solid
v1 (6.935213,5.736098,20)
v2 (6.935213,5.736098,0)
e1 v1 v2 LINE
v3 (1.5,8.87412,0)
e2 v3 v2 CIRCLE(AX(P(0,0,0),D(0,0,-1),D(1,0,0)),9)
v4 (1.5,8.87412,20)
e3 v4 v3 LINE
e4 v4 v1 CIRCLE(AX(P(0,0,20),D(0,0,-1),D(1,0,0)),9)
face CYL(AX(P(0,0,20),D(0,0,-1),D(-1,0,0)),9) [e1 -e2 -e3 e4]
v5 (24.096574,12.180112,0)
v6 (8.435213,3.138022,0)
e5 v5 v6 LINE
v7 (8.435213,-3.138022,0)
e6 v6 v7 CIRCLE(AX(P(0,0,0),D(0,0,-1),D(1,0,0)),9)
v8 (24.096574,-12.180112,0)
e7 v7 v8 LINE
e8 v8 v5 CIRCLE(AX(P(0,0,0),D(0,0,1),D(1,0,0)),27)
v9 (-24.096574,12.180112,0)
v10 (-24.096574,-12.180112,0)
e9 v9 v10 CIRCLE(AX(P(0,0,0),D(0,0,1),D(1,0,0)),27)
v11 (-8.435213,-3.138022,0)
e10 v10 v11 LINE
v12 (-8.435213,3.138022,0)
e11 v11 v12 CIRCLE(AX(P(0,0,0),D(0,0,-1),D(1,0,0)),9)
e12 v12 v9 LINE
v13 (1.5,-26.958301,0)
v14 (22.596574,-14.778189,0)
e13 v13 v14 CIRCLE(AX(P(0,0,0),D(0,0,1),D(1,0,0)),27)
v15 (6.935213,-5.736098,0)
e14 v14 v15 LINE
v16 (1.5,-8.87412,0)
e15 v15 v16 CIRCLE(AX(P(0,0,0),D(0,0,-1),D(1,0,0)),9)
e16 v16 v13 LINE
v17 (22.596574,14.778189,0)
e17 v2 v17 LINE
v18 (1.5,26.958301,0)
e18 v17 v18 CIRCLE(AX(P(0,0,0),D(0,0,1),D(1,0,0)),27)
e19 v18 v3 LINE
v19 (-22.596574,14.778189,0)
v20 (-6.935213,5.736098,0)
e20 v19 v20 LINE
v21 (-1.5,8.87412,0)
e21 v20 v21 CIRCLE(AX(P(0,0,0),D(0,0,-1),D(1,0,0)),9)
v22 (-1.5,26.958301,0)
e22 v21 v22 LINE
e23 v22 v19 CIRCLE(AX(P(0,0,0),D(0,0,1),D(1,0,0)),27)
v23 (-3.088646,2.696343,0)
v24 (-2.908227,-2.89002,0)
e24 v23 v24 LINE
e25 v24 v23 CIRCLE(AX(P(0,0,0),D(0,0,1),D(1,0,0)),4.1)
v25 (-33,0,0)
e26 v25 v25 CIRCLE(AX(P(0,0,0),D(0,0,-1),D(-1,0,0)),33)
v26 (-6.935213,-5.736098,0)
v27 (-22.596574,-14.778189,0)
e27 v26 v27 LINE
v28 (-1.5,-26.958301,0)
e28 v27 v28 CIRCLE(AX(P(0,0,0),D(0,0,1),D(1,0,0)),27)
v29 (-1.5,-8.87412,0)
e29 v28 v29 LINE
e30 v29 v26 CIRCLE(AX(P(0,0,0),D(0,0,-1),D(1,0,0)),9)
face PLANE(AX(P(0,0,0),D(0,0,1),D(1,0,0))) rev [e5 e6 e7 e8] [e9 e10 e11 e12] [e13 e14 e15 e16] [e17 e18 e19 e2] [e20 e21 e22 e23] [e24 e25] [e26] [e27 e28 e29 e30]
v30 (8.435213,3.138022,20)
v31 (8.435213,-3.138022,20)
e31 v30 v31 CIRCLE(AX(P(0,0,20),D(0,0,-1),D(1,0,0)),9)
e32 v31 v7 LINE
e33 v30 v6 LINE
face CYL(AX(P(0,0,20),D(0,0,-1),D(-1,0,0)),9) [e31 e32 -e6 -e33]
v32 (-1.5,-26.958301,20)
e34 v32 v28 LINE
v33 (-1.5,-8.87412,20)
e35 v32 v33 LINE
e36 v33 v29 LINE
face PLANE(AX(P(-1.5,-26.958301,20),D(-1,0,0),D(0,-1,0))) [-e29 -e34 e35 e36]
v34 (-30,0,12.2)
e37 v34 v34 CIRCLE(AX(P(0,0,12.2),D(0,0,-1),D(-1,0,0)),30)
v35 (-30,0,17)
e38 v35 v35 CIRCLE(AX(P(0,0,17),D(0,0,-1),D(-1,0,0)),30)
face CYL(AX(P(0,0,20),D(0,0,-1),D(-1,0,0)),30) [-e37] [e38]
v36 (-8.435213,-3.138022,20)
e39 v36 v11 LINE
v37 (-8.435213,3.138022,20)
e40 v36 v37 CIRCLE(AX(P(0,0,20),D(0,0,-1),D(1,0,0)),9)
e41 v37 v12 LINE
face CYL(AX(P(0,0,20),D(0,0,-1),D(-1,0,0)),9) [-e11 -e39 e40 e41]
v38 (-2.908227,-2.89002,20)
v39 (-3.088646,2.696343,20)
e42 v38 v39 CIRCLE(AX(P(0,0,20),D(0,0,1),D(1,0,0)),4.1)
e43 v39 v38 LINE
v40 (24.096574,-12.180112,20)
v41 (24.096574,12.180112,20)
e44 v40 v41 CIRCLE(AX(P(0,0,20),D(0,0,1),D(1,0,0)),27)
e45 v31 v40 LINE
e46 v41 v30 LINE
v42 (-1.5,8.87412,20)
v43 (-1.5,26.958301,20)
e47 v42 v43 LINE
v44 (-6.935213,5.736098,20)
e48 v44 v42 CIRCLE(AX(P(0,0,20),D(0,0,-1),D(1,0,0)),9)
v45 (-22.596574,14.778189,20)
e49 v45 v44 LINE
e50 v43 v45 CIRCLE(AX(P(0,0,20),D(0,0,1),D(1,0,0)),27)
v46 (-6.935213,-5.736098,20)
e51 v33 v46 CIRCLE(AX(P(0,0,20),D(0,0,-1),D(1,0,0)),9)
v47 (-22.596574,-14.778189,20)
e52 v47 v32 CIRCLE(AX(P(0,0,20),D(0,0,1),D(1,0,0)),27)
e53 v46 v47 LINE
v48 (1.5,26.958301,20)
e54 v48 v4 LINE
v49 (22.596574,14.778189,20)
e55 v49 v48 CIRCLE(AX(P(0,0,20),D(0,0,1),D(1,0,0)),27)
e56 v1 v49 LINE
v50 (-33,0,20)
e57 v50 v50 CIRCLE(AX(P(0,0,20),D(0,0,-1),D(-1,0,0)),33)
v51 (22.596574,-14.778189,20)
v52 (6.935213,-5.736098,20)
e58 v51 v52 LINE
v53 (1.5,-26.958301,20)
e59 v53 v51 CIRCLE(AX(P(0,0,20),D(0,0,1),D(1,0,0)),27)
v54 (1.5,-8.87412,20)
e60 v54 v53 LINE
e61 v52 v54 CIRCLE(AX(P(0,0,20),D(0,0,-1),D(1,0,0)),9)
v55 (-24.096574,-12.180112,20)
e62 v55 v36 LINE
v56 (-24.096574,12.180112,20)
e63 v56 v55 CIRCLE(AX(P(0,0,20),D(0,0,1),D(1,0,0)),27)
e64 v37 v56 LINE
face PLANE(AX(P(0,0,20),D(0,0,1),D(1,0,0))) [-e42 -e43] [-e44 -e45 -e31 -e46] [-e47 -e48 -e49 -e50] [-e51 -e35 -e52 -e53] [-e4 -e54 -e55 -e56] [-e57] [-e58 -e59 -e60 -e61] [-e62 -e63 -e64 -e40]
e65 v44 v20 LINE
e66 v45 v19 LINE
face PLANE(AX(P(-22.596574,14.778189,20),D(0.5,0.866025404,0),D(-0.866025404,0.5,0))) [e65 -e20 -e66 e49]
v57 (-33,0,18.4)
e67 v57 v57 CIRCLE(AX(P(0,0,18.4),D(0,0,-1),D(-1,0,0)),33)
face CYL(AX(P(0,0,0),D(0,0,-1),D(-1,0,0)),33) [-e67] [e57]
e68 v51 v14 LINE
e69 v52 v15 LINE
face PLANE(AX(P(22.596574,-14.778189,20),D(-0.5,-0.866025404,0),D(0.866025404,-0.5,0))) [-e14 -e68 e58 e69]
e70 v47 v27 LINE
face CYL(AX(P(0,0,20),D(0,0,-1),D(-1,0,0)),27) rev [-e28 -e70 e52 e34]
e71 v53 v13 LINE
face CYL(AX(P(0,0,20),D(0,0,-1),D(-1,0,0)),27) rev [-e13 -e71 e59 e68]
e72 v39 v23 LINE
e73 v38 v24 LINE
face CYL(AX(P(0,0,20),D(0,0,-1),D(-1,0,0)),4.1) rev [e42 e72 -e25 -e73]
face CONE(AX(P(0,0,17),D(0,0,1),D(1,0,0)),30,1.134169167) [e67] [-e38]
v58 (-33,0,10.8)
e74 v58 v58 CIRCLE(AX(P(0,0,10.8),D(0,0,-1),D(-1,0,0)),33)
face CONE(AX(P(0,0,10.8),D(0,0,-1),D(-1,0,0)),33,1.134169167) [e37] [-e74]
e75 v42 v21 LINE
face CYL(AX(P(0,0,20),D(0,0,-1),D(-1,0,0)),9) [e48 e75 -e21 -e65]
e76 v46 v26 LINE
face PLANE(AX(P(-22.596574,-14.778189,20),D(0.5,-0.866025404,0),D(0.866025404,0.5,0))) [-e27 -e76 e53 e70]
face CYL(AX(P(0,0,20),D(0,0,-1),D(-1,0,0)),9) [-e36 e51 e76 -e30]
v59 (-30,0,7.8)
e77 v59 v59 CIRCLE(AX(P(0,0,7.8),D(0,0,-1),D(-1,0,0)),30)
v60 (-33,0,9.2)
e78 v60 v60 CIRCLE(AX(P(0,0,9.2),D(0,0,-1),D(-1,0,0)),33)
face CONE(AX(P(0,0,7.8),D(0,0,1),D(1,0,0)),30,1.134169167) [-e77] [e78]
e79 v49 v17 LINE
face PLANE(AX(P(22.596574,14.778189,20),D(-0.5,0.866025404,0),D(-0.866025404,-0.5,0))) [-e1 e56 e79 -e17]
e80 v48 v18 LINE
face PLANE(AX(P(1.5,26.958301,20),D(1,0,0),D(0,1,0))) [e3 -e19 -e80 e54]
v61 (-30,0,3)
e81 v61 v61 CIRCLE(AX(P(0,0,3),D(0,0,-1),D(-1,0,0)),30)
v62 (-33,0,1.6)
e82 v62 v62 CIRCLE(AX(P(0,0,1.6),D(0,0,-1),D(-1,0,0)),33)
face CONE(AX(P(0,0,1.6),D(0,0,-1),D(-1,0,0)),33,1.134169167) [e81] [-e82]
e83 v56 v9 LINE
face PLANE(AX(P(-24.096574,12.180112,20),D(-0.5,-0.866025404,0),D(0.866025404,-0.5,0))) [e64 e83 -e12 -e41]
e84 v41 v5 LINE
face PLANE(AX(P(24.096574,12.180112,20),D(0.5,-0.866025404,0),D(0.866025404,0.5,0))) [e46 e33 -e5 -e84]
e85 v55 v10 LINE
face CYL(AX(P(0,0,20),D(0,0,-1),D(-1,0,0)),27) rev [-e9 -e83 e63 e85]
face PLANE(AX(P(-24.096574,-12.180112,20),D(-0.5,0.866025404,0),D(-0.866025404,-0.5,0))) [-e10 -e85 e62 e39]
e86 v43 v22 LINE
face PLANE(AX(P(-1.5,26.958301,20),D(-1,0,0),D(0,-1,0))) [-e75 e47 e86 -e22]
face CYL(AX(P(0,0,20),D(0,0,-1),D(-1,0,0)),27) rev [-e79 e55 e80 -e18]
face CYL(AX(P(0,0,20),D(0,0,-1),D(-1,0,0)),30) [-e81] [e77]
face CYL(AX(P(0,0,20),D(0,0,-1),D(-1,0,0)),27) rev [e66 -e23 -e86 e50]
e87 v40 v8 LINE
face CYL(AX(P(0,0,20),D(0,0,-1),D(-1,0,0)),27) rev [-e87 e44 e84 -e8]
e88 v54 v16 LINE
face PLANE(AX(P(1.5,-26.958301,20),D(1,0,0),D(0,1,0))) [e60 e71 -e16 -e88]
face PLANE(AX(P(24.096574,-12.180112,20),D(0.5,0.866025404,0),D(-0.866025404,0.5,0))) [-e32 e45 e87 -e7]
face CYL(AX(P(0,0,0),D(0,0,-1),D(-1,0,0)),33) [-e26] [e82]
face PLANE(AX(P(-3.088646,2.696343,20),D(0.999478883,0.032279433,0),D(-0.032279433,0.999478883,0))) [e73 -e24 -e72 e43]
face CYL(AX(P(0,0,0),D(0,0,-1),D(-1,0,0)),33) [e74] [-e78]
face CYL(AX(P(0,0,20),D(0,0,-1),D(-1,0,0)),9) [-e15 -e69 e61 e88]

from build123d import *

# Parameters (mm, degrees)
SKETCH_1_R      = 30
EXTRUDE_1_DEPTH = 20


with BuildPart() as part:
    # 草图1 → 凸台-拉伸1 (new body)
    with BuildSketch(Plane.XY):
        Circle(SKETCH_1_R)
        with BuildLine():
            Line((-3.088645972, 2.69634309), (-2.908227328, -2.89001969))
            ThreePointArc((-2.908227328, -2.89001969), (4.097863422, 0.132345676), (-3.088645972, 2.69634309))
        make_face(mode=Mode.SUBTRACT)
        with BuildLine():
            Line((22.596573624, 14.778188672), (6.935213074, 5.736097943))
            ThreePointArc((6.935213074, 5.736097943), (4.5, 7.794228634), (1.5, 8.874119675))
            Line((1.5, 8.874119675), (1.5, 26.958301133))
            ThreePointArc((1.5, 26.958301133), (13.5, 23.382685902), (22.596573624, 14.778188672))
        make_face(mode=Mode.SUBTRACT)
        with BuildLine():
            Line((-1.5, 26.958301133), (-1.5, 8.874119675))
            ThreePointArc((-1.5, 8.874119675), (-4.5, 7.794228634), (-6.935213074, 5.736097943))
            Line((-6.935213074, 5.736097943), (-22.596573624, 14.778188672))
            ThreePointArc((-22.596573624, 14.778188672), (-13.5, 23.382685902), (-1.5, 26.958301133))
        make_face(mode=Mode.SUBTRACT)
        with BuildLine():
            Line((24.096573624, 12.180112461), (8.435213074, 3.138021732))
            ThreePointArc((8.435213074, 3.138021732), (9, 0), (8.435213074, -3.138021732))
            Line((8.435213074, -3.138021732), (24.096573624, -12.180112461))
            ThreePointArc((24.096573624, -12.180112461), (27, 0), (24.096573624, 12.180112461))
        make_face(mode=Mode.SUBTRACT)
        with BuildLine():
            Line((22.596573624, -14.778188672), (6.935213074, -5.736097943))
            ThreePointArc((6.935213074, -5.736097943), (4.5, -7.794228634), (1.5, -8.874119675))
            Line((1.5, -8.874119675), (1.5, -26.958301133))
            ThreePointArc((1.5, -26.958301133), (13.5, -23.382685902), (22.596573624, -14.778188672))
        make_face(mode=Mode.SUBTRACT)
        with BuildLine():
            Line((-1.5, -26.958301133), (-1.5, -8.874119675))
            ThreePointArc((-1.5, -8.874119675), (-4.5, -7.794228634), (-6.935213074, -5.736097943))
            Line((-6.935213074, -5.736097943), (-22.596573624, -14.778188672))
            ThreePointArc((-22.596573624, -14.778188672), (-13.5, -23.382685902), (-1.5, -26.958301133))
        make_face(mode=Mode.SUBTRACT)
        with BuildLine():
            Line((-24.096573624, -12.180112461), (-8.435213074, -3.138021732))
            ThreePointArc((-8.435213074, -3.138021732), (-9, 0), (-8.435213074, 3.138021732))
            Line((-8.435213074, 3.138021732), (-24.096573624, 12.180112461))
            ThreePointArc((-24.096573624, 12.180112461), (-27, 0), (-24.096573624, -12.180112461))
        make_face(mode=Mode.SUBTRACT)
    extrude(amount=EXTRUDE_1_DEPTH)

    # 草图2 → 旋转1 (revolve)
    with BuildSketch(Plane.ZY, mode=Mode.PRIVATE) as revolve_1_sk:
        Polygon((0, -30), (0, -33), (1.6, -33), (3, -30), align=None)
        Polygon((17, -30), (20, -30), (20, -33), (18.4, -33), align=None)
        Polygon((7.8, -30), (9.2, -33), (10.8, -33), (12.2, -30), align=None)
    revolve(revolve_1_sk.sketch.rotate(Axis((0, 0, 0), (0, 0, 1)), 270), axis=Axis((0, 0, 0), (0, 0, 1)))


solid = part.part
